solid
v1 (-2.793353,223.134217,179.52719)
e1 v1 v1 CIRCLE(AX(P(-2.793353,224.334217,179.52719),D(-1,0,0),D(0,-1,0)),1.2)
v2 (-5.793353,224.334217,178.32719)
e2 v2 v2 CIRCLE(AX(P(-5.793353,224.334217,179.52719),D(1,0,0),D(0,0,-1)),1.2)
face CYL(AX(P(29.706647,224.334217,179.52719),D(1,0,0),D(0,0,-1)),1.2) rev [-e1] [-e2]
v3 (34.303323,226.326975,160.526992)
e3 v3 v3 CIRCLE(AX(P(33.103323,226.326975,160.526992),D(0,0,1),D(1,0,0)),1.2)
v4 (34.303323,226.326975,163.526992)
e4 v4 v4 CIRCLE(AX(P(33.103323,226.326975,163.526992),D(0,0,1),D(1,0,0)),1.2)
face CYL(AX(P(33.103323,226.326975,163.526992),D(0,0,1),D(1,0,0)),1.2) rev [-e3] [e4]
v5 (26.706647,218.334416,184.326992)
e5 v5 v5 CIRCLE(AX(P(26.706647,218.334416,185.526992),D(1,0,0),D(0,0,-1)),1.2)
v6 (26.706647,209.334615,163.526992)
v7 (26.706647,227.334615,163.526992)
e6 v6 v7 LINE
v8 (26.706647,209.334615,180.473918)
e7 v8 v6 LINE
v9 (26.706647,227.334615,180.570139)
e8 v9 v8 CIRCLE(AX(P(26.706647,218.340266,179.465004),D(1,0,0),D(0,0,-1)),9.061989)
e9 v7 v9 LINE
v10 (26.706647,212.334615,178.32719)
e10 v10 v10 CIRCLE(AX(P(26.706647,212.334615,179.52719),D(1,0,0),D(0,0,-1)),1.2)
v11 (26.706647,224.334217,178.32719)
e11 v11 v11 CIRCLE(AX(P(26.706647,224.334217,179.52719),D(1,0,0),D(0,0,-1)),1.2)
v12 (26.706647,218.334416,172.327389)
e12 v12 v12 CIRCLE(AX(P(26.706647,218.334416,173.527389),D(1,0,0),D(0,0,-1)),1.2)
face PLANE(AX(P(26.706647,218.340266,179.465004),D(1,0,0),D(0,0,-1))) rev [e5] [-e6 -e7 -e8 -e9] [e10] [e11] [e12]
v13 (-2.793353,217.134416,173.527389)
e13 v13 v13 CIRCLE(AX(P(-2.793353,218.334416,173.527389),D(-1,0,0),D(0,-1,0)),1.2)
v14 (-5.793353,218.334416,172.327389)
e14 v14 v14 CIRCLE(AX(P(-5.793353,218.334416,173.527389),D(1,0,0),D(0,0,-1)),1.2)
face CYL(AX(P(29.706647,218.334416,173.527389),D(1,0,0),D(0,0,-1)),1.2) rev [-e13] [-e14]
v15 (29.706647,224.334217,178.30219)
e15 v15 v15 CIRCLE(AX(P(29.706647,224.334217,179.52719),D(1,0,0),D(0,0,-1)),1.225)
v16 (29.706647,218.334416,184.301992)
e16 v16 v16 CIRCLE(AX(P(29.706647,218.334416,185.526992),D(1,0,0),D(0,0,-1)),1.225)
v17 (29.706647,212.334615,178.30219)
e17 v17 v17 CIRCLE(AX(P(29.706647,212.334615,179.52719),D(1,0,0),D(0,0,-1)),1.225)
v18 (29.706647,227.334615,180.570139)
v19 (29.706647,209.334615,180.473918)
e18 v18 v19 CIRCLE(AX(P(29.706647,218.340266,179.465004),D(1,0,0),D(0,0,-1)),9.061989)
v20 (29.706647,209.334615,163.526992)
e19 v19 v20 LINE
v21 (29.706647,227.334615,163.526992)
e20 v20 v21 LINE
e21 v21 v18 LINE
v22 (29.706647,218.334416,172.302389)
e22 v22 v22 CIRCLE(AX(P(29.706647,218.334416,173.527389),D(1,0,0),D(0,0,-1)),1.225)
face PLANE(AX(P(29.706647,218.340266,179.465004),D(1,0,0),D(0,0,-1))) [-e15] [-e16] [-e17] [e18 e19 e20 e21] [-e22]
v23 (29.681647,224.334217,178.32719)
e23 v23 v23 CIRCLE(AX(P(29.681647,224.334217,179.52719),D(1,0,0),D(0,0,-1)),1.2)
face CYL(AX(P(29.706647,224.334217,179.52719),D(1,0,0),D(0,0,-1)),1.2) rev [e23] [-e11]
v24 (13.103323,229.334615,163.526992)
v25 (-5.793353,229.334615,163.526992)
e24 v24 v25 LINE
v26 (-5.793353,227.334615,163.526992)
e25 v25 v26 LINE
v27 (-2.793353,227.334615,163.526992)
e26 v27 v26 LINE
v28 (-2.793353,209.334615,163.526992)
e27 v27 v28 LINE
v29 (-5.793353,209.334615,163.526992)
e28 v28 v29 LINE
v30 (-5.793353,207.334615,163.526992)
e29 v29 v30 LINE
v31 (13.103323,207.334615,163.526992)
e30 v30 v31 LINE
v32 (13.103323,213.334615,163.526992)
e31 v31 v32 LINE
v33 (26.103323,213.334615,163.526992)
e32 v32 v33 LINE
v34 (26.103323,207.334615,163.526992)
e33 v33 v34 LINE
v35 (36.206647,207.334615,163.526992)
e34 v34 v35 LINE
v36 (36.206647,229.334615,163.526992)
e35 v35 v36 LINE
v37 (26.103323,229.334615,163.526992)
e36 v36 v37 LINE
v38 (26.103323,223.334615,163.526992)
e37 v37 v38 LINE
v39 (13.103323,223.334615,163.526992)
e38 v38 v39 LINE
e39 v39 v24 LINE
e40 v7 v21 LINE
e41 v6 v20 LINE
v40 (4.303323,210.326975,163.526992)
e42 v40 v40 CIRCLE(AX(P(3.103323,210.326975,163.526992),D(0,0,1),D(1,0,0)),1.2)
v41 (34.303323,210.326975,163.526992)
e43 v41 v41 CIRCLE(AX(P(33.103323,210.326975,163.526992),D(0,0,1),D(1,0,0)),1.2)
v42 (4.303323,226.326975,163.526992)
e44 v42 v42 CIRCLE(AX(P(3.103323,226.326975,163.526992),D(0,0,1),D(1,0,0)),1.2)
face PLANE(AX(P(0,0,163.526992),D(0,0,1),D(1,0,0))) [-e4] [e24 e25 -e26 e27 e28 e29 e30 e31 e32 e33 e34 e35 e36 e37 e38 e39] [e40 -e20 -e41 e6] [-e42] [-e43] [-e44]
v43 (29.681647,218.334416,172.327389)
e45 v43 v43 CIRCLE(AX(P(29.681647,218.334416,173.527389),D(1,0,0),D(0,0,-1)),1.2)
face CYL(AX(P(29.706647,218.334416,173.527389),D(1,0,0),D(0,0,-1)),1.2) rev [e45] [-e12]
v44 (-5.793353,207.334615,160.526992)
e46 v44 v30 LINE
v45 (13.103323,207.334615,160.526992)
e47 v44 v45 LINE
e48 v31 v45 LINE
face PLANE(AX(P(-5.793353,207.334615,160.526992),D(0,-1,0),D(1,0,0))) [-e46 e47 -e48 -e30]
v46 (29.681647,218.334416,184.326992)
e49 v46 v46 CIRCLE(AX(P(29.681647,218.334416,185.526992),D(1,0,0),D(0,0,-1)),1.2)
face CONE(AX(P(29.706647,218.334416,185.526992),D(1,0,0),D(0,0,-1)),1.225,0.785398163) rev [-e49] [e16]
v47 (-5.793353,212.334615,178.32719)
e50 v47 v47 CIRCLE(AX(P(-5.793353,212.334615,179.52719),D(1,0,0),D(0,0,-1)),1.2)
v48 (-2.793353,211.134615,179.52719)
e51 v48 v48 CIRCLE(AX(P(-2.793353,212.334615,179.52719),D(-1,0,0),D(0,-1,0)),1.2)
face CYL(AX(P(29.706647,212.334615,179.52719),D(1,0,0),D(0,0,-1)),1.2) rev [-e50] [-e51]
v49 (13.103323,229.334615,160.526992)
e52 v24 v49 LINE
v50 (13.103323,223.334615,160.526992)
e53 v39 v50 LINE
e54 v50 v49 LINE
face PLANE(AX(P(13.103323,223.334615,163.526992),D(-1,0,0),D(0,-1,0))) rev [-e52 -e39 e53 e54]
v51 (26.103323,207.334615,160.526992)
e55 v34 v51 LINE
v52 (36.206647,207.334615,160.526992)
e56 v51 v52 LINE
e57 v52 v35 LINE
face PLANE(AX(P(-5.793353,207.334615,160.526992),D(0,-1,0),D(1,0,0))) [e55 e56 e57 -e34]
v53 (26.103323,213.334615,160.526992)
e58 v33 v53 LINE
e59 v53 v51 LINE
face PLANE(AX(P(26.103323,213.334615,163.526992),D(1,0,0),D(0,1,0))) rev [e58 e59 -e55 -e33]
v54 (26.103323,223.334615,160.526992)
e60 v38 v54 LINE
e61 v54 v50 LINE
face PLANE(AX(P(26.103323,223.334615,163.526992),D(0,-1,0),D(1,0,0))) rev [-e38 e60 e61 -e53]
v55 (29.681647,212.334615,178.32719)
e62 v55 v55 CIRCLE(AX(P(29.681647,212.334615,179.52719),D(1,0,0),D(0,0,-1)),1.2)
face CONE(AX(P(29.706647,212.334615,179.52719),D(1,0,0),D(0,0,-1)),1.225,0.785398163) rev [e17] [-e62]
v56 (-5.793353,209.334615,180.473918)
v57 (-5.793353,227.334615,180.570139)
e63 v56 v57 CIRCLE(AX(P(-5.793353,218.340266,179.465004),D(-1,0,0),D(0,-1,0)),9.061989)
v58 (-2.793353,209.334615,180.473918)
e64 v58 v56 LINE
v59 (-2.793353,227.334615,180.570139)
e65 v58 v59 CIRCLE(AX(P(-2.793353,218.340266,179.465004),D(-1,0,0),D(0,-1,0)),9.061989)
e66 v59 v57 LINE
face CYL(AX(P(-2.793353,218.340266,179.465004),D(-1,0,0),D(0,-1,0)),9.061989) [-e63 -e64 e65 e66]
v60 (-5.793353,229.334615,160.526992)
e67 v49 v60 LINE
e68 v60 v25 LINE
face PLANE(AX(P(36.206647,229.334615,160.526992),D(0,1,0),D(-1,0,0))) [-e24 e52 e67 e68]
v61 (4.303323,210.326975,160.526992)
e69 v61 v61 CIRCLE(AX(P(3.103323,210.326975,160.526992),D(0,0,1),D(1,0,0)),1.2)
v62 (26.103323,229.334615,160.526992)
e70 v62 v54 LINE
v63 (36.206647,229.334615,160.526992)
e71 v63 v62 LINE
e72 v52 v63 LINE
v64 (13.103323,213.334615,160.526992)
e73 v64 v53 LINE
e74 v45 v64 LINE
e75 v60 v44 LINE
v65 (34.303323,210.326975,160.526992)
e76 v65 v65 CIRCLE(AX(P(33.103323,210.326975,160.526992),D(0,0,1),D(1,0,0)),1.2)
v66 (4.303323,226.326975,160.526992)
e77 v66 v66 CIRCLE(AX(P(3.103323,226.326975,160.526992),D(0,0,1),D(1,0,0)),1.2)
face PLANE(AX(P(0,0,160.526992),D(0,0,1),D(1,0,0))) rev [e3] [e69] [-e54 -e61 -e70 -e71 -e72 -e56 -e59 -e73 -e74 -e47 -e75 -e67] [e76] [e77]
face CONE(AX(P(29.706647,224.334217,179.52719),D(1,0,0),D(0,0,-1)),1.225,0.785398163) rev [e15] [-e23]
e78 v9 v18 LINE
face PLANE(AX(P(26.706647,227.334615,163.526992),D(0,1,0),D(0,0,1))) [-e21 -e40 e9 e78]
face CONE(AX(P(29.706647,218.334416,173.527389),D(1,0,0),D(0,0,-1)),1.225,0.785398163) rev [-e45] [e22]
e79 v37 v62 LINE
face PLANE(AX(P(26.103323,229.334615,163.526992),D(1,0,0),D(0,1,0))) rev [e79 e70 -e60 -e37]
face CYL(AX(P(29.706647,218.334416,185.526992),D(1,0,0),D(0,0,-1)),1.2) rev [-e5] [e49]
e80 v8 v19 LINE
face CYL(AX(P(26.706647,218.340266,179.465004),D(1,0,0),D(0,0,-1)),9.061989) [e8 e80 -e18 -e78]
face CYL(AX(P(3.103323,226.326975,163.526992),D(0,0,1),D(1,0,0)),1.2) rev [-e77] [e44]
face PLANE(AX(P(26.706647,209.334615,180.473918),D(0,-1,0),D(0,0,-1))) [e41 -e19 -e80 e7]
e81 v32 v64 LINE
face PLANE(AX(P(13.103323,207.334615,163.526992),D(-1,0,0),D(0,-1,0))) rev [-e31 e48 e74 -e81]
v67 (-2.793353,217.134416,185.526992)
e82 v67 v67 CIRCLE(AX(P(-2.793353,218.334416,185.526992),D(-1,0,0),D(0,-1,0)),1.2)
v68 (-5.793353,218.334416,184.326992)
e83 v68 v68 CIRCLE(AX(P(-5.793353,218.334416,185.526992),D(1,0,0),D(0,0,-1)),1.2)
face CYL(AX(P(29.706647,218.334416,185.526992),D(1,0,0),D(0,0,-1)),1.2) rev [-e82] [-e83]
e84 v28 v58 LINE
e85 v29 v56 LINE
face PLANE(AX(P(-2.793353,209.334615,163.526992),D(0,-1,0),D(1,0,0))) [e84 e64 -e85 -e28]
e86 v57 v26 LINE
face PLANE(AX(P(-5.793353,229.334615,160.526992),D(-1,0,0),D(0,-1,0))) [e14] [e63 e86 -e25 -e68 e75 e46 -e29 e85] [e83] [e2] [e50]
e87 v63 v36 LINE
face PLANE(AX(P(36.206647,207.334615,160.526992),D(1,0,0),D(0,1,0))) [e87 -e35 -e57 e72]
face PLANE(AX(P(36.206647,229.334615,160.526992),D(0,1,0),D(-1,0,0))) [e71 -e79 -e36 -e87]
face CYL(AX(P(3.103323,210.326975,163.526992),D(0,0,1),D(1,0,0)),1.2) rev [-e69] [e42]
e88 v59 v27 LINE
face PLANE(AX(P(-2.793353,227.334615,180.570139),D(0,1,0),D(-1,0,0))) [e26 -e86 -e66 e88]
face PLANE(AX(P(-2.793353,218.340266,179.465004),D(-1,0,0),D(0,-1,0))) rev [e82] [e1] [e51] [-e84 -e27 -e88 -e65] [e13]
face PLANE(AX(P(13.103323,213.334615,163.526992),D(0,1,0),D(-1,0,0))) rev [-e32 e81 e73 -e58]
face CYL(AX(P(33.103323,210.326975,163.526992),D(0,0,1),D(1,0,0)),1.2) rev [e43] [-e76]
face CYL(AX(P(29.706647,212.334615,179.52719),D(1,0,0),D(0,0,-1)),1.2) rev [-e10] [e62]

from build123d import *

# Parameters (mm, degrees)
SKETCH1_W                      = 42
SKETCH1_H                      = 22
BOSS_EXTRUDE1_DEPTH            = 3
SKETCH2_W                      = 13
SKETCH2_H                      = 6
CUT_EXTRUDE1_DEPTH             = 233.19450244
SKETCH3_W                      = 13
SKETCH3_H                      = 6
CUT_EXTRUDE2_DEPTH             = 233.19450244
BOSS_EXTRUDE2_DEPTH            = 3
BOSS_EXTRUDE3_START            = -3
BOSS_EXTRUDE3_DEPTH            = 3
M2_CLEARANCE_HOLE1_D           = 2.4
M2_CLEARANCE_HOLE1_CSINK_D     = 2.45
M2_CLEARANCE_HOLE1_CSINK_ANGLE = 90
M2_CLEARANCE_HOLE2_D           = 2.4


with BuildPart() as part:
    # Sketch1 → Boss-Extrude1 (new body)
    with BuildSketch(Plane.XY.offset(163.526991532)):
        with Locations((15.20664665, 218.33461514)):
            Rectangle(SKETCH1_W, SKETCH1_H)
    extrude(amount=-BOSS_EXTRUDE1_DEPTH)

    # Sketch2 → Cut-Extrude1 (cut, through all)
    with BuildSketch(Plane(origin=(0, 0, 160.526991532), x_dir=(-1, 0, 0), z_dir=(0, 0, -1))):
        with Locations((-19.603323325, 226.33461514)):
            Rectangle(SKETCH2_W, SKETCH2_H)
    extrude(amount=-CUT_EXTRUDE1_DEPTH, mode=Mode.SUBTRACT)

    # Sketch3 → Cut-Extrude2 (cut, through all)
    with BuildSketch(Plane(origin=(0, 0, 160.526991532), x_dir=(-1, 0, 0), z_dir=(0, 0, -1))):
        with Locations((-19.603323325, 210.33461514)):
            Rectangle(SKETCH3_W, SKETCH3_H)
    extrude(amount=-CUT_EXTRUDE2_DEPTH, mode=Mode.SUBTRACT)

    # Sketch4 → Boss-Extrude2 (add)
    with BuildSketch(Plane(origin=(-5.79335335, 0, 0), x_dir=(0, -1, 0), z_dir=(-1, 0, 0))):
        with BuildLine():
            Line((-227.33461514, 180.570138914), (-227.33461514, 163.526991532))
            Line((-227.33461514, 163.526991532), (-209.33461514, 163.526991532))
            Line((-209.33461514, 163.526991532), (-209.33461514, 180.47391761))
            ThreePointArc((-209.33461514, 180.47391761), (-218.291824267, 188.52686382), (-227.33461514, 180.570138914))
        make_face()
    extrude(amount=-BOSS_EXTRUDE2_DEPTH)

    # Sketch5 → Boss-Extrude3 (add)
    with BuildSketch(Plane(origin=(29.70664665, 0, 0), x_dir=(0, 0, -1), z_dir=(1, 0, 0)).offset(BOSS_EXTRUDE3_START)):
        with BuildLine():
            Line((-180.47391761, 209.33461514), (-163.526991532, 209.33461514))
            Line((-163.526991532, 209.33461514), (-163.526991532, 227.33461514))
            Line((-163.526991532, 227.33461514), (-180.570138914, 227.33461514))
            ThreePointArc((-180.570138914, 227.33461514), (-188.52686382, 218.291824267), (-180.47391761, 209.33461514))
        make_face()
    extrude(amount=BOSS_EXTRUDE3_DEPTH)

    # M2 Clearance Hole1 (through all)
    with Locations(Plane(origin=(29.70664665, 0, 0), x_dir=(0, 0, -1), z_dir=(1, 0, 0))):
        with Locations((-179.527190494, 224.334217217), (-185.526991532, 218.334416179), (-179.527190494, 212.33461514), (-173.527389456, 218.334416179)):
            CounterSinkHole(M2_CLEARANCE_HOLE1_D / 2, M2_CLEARANCE_HOLE1_CSINK_D / 2, counter_sink_angle=M2_CLEARANCE_HOLE1_CSINK_ANGLE)

    # M2 Clearance Hole2 (through all)
    with Locations(Plane.XY.offset(163.526991532)):
        with Locations((3.103323325, 226.326974637), (3.103323325, 210.326974637), (33.103323325, 210.326974637), (33.103323325, 226.326974637)):
            Hole(M2_CLEARANCE_HOLE2_D / 2)


solid = part.part
